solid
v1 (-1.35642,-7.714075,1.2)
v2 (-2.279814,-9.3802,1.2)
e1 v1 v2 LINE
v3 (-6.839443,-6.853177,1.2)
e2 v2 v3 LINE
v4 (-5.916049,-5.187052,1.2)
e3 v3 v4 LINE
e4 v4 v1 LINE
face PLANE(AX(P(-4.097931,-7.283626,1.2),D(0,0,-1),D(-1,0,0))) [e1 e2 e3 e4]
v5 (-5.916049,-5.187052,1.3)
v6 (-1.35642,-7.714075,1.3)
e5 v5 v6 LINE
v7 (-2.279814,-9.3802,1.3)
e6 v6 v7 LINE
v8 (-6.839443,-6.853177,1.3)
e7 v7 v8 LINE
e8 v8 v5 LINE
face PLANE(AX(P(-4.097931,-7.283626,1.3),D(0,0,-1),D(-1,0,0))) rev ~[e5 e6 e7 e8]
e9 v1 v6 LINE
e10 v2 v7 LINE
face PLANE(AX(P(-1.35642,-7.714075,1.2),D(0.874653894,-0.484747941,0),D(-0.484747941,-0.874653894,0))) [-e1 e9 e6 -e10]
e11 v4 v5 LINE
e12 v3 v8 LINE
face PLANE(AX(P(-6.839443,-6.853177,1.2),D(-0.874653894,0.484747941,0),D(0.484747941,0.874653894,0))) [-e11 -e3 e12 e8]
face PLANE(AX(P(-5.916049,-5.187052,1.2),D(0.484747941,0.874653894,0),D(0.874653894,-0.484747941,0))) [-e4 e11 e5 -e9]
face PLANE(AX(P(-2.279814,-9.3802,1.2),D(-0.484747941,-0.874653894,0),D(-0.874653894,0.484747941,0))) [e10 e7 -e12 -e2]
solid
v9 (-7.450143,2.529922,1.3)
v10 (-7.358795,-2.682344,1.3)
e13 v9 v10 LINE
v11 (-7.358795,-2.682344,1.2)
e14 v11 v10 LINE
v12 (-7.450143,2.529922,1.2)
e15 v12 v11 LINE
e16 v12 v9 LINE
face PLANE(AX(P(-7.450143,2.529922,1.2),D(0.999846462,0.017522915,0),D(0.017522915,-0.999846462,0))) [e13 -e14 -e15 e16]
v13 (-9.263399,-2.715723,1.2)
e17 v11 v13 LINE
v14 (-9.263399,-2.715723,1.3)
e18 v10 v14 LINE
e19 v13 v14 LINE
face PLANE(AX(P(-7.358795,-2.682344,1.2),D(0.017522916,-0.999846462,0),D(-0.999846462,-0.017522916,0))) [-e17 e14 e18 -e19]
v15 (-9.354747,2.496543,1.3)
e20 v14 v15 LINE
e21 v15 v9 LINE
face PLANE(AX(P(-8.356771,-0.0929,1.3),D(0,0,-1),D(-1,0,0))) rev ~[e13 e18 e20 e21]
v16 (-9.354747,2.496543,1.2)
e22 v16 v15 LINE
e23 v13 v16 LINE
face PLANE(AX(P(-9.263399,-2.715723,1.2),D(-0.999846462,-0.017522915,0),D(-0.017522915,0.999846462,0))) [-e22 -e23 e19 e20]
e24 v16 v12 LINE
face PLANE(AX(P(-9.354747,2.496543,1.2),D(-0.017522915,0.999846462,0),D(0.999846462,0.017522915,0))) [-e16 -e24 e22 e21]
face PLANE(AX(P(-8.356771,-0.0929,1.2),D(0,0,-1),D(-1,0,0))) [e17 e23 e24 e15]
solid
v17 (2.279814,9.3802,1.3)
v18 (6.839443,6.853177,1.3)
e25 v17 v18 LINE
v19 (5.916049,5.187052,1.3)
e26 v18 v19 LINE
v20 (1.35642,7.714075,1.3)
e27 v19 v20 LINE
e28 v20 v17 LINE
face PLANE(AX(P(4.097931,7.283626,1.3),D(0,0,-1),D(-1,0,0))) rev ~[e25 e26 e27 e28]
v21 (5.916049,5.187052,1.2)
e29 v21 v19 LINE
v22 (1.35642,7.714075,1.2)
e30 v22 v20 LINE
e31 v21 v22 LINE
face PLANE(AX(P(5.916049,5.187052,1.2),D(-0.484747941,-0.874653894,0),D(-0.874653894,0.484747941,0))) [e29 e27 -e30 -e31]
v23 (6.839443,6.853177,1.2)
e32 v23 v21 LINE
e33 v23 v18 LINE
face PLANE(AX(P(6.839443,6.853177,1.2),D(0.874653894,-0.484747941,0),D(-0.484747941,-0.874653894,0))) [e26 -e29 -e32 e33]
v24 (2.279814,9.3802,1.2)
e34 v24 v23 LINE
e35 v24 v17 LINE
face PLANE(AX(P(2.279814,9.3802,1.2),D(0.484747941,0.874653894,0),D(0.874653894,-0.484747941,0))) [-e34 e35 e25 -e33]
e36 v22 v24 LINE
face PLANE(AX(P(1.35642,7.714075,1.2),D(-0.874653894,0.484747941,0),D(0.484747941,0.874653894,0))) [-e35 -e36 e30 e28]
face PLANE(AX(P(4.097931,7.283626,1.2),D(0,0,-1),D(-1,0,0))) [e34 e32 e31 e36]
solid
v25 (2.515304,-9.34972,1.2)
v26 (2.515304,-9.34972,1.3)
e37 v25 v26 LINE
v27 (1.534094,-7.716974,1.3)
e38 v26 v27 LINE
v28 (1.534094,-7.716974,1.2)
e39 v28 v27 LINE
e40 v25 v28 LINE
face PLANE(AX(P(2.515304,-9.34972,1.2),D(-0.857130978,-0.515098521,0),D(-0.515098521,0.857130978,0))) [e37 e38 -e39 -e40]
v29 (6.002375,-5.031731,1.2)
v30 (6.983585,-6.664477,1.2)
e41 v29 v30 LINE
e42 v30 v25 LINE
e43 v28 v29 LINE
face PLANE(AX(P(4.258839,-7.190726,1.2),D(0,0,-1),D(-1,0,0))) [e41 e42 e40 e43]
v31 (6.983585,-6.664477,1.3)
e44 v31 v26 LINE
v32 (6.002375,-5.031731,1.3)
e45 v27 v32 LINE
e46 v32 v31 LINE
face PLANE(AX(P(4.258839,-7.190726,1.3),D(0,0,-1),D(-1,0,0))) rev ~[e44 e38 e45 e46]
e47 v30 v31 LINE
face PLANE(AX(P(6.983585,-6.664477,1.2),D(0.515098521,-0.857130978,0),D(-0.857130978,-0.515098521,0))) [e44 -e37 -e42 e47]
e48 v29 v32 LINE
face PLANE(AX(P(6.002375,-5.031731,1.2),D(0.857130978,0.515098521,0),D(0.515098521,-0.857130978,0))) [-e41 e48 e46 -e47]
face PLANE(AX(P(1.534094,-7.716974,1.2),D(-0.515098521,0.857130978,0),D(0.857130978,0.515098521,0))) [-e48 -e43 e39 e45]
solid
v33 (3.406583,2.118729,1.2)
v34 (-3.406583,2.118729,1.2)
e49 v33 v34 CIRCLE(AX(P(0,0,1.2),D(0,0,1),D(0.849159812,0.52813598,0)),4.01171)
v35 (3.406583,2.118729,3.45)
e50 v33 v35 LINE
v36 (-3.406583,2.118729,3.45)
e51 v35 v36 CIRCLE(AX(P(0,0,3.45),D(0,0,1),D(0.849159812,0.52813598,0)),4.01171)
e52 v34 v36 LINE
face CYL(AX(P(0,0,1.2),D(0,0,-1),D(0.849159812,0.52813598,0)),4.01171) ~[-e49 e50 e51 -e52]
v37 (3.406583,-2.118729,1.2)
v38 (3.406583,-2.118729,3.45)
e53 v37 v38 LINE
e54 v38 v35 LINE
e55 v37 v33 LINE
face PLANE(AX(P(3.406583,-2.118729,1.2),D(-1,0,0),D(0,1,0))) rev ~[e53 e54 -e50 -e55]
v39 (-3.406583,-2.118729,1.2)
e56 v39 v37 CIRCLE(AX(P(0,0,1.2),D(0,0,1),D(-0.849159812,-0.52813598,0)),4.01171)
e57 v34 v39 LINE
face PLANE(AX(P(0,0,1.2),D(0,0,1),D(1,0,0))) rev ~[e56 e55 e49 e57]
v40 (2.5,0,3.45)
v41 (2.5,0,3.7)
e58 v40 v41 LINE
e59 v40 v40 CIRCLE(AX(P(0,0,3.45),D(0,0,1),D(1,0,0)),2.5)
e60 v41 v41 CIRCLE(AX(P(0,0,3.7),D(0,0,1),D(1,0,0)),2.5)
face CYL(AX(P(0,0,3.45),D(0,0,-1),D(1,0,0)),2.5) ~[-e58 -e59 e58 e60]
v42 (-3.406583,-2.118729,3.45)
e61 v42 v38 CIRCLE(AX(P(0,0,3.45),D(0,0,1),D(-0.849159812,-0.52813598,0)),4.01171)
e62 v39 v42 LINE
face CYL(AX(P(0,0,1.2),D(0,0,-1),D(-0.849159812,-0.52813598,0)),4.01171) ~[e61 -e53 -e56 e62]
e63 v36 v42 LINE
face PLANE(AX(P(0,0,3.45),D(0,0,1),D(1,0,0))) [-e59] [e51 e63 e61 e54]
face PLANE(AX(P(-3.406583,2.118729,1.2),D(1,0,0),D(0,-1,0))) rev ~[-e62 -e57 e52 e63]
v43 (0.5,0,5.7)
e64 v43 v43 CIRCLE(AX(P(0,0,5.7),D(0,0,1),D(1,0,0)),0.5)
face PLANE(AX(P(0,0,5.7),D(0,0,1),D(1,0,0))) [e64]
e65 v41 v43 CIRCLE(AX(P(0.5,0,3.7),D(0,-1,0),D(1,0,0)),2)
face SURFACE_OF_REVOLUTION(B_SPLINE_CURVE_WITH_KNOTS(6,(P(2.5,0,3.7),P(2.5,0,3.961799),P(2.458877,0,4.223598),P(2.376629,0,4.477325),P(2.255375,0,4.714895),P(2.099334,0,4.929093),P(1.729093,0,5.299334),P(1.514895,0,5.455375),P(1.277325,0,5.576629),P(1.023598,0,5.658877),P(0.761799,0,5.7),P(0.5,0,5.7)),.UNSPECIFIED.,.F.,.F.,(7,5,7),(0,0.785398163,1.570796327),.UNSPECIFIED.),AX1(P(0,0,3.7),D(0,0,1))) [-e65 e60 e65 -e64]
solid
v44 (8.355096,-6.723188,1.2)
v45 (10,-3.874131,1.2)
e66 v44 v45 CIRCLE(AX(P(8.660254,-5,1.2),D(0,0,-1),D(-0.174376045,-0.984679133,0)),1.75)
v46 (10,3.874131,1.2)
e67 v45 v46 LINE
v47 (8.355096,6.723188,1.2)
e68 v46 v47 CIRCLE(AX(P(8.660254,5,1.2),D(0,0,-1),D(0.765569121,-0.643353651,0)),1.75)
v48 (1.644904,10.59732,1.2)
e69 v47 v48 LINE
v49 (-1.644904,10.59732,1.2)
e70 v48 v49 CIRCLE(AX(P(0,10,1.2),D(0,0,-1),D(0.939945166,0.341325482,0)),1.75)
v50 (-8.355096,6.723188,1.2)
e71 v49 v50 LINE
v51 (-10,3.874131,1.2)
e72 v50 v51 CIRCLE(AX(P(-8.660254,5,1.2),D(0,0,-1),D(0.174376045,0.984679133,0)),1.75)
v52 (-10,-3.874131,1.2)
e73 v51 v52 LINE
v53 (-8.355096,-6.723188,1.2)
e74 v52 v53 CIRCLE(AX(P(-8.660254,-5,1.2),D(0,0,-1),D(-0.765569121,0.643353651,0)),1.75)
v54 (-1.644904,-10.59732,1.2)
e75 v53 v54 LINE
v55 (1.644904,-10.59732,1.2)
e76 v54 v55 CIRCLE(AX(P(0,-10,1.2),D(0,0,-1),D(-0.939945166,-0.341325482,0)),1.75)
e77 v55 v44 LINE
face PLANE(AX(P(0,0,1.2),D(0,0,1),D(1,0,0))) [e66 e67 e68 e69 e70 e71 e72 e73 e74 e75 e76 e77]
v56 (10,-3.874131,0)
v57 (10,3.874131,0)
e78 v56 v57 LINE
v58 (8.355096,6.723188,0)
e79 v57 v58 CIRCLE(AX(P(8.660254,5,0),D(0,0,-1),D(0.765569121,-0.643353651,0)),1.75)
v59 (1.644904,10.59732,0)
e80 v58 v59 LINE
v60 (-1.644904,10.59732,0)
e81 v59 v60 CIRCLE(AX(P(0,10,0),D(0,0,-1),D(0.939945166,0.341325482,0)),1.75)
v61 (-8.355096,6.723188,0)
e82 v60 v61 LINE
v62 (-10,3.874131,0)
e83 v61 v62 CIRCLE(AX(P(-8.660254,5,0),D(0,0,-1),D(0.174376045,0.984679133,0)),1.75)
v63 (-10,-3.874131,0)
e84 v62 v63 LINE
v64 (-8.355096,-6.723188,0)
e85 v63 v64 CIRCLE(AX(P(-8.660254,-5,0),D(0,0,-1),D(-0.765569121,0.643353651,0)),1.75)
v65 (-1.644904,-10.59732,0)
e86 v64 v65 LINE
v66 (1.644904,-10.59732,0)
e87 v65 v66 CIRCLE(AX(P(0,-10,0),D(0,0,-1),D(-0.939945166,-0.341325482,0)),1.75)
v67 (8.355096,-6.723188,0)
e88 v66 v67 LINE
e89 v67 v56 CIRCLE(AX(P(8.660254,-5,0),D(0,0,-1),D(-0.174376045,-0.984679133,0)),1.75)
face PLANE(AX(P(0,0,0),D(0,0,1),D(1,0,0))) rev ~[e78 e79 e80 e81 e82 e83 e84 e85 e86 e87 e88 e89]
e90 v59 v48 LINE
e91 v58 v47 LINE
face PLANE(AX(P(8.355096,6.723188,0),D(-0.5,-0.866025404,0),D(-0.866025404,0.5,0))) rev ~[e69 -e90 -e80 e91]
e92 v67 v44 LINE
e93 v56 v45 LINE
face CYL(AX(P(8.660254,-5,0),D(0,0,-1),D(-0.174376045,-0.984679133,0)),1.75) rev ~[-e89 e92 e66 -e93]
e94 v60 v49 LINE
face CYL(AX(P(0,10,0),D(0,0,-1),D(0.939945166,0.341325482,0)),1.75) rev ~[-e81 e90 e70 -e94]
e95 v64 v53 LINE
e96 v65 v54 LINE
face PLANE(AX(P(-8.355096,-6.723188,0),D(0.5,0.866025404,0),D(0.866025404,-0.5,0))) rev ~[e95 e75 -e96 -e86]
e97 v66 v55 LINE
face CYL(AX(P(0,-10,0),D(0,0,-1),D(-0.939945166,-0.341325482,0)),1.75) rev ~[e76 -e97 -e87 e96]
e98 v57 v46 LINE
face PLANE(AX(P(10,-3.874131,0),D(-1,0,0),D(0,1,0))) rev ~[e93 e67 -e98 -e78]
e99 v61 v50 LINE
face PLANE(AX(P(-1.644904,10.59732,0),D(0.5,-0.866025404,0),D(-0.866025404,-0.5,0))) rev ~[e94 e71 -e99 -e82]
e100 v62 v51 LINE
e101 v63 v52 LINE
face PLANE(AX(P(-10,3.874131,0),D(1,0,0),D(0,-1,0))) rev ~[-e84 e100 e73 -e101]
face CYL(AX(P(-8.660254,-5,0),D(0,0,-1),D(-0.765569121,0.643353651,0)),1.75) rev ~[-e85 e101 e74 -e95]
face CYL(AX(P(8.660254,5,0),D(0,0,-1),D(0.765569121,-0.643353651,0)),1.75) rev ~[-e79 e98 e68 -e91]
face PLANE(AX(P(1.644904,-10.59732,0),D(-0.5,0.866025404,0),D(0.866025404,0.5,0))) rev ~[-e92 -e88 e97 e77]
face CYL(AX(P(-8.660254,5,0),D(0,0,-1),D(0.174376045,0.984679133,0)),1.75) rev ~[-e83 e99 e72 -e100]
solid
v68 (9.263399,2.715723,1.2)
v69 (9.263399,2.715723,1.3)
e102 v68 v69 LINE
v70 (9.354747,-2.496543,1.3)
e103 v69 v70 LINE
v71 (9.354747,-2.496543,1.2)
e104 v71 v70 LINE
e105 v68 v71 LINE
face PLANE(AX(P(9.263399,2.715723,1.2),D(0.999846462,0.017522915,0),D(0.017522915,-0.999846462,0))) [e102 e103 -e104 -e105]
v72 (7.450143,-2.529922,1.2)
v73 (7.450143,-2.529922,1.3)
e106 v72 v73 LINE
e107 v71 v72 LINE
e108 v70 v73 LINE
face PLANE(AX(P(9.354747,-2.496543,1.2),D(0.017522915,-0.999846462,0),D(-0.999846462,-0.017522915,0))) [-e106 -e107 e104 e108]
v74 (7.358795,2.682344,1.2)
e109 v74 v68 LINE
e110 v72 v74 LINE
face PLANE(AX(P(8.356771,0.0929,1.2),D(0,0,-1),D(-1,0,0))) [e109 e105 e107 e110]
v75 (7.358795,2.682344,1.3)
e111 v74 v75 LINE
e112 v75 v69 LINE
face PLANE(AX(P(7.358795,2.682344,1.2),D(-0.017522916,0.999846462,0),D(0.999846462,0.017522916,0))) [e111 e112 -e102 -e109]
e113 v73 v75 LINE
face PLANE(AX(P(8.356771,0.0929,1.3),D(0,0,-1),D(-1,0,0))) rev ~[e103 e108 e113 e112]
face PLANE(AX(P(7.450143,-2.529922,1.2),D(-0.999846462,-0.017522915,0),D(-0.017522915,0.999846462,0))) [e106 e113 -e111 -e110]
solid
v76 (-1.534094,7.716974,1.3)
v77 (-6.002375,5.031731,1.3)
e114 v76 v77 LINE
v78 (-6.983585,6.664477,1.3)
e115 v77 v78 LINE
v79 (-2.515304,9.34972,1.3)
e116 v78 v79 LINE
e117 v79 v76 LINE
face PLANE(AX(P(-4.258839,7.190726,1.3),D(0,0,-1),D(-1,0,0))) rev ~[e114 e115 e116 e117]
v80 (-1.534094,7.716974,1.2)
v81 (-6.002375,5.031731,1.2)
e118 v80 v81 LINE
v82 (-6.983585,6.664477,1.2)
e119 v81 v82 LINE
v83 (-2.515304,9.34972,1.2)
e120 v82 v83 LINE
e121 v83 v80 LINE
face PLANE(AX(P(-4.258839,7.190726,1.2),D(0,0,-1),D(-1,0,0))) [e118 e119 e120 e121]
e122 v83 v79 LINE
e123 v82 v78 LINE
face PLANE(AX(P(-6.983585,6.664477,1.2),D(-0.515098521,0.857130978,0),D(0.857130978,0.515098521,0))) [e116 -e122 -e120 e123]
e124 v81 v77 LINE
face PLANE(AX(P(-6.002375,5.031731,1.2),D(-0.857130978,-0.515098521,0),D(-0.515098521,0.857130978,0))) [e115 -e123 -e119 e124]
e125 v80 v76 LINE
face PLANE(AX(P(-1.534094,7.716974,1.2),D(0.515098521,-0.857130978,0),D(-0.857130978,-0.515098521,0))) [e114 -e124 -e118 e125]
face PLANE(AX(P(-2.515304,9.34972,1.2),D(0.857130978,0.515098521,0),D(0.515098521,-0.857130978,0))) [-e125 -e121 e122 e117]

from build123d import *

# Parameters (mm, degrees)
SALIENTE_EXTRUIR1_DEPTH   = 1.2
SALIENTE_EXTRUIR2_DEPTH   = 0.1
SALIENTE_EXTRUIR2_2_DEPTH = 0.1
SALIENTE_EXTRUIR2_3_DEPTH = 0.1
SALIENTE_EXTRUIR2_4_DEPTH = 0.1
SALIENTE_EXTRUIR2_5_DEPTH = 0.1
SALIENTE_EXTRUIR2_6_DEPTH = 0.1
SALIENTE_EXTRUIR3_DEPTH   = 2.25
CROQUIS4_R                = 2.5
SALIENTE_EXTRUIR4_DEPTH   = 2.25
REDONDEO4_R               = 2


with BuildPart() as part:
    # Croquis1 → Saliente-Extruir1 (new body)
    with BuildSketch(Plane.XY):
        with BuildLine():
            Line((-10, 3.87413111), (-10, -3.87413111))
            ThreePointArc((-10, -3.87413111), (-7.144709581, -4.125), (-8.355095959, -6.723188483))
            Line((-8.355095959, -6.723188483), (-1.644904041, -10.597319593))
            ThreePointArc((-1.644904041, -10.597319593), (0, -8.25), (1.644904041, -10.597319593))
            Line((1.644904041, -10.597319593), (8.355095959, -6.723188483))
            ThreePointArc((8.355095959, -6.723188483), (7.144709581, -4.125), (10, -3.87413111))
            Line((10, -3.87413111), (10, 3.87413111))
            ThreePointArc((10, 3.87413111), (7.144709581, 4.125), (8.355095959, 6.723188483))
            Line((8.355095959, 6.723188483), (1.644904041, 10.597319593))
            ThreePointArc((1.644904041, 10.597319593), (0, 8.25), (-1.644904041, 10.597319593))
            Line((-1.644904041, 10.597319593), (-8.355095959, 6.723188483))
            ThreePointArc((-8.355095959, 6.723188483), (-7.144709581, 4.125), (-10, 3.87413111))
        make_face()
    extrude(amount=SALIENTE_EXTRUIR1_DEPTH)


with BuildPart() as body_2:
    # Croquis2 → Saliente-Extruir2 (new body)
    with BuildSketch(Plane.XY.offset(1.2)):
        Polygon((2.279814444, 9.380200395), (6.839443333, 6.853177155), (5.916048556, 5.187051796), (1.356419667, 7.714075036), align=None)
    extrude(amount=SALIENTE_EXTRUIR2_DEPTH)


with BuildPart() as body_3:
    # Croquis2 → Saliente-Extruir2 2 (new body)
    with BuildSketch(Plane.XY.offset(1.2)):
        Polygon((9.263399056, 2.715722973), (9.354747179, -2.496543097), (7.450142904, -2.529922441), (7.358794781, 2.682343628), align=None)
    extrude(amount=SALIENTE_EXTRUIR2_2_DEPTH)


with BuildPart() as body_4:
    # Croquis2 → Saliente-Extruir2 3 (new body)
    with BuildSketch(Plane.XY.offset(1.2)):
        Polygon((6.983584612, -6.664477422), (2.515303846, -9.349720252), (1.534094348, -7.716974237), (6.002375114, -5.031731408), align=None)
    extrude(amount=SALIENTE_EXTRUIR2_3_DEPTH)


with BuildPart() as body_5:
    # Croquis2 → Saliente-Extruir2 4 (new body)
    with BuildSketch(Plane.XY.offset(1.2)):
        Polygon((-2.279814444, -9.380200395), (-6.839443333, -6.853177155), (-5.916048556, -5.187051796), (-1.356419667, -7.714075036), align=None)
    extrude(amount=SALIENTE_EXTRUIR2_4_DEPTH)


with BuildPart() as body_6:
    # Croquis2 → Saliente-Extruir2 5 (new body)
    with BuildSketch(Plane.XY.offset(1.2)):
        Polygon((-9.263399056, -2.715722973), (-9.354747179, 2.496543097), (-7.450142904, 2.529922441), (-7.358794781, -2.682343628), align=None)
    extrude(amount=SALIENTE_EXTRUIR2_5_DEPTH)


with BuildPart() as body_7:
    # Croquis2 → Saliente-Extruir2 6 (new body)
    with BuildSketch(Plane.XY.offset(1.2)):
        Polygon((-6.983584612, 6.664477422), (-2.515303846, 9.349720252), (-1.534094348, 7.716974237), (-6.002375114, 5.031731408), align=None)
    extrude(amount=SALIENTE_EXTRUIR2_6_DEPTH)


with BuildPart() as body_8:
    # Croquis3 → Saliente-Extruir3 (new body)
    with BuildSketch(Plane.XY.offset(1.2)):
        with BuildLine():
            Line((-3.406583147, 2.118728542), (-3.406583147, -2.118728542))
            ThreePointArc((-3.406583147, -2.118728542), (0, -4.01171028), (3.406583147, -2.118728542))
            Line((3.406583147, -2.118728542), (3.406583147, 2.118728542))
            ThreePointArc((3.406583147, 2.118728542), (0, 4.01171028), (-3.406583147, 2.118728542))
        make_face()
    extrude(amount=SALIENTE_EXTRUIR3_DEPTH)

    # Croquis4 → Saliente-Extruir4 (add)
    with BuildSketch(Plane.XY.offset(3.45)):
        Circle(CROQUIS4_R)
    extrude(amount=SALIENTE_EXTRUIR4_DEPTH)

    # Redondeo4
    redondeo4_edges = [body_8.edges().sort_by_distance(p)[0] for p in [
        (-2.5, 0, 5.7),
    ]]
    fillet(redondeo4_edges, radius=REDONDEO4_R)


solid = Compound([part.part, body_2.part, body_3.part, body_4.part, body_5.part, body_6.part, body_7.part, body_8.part])
